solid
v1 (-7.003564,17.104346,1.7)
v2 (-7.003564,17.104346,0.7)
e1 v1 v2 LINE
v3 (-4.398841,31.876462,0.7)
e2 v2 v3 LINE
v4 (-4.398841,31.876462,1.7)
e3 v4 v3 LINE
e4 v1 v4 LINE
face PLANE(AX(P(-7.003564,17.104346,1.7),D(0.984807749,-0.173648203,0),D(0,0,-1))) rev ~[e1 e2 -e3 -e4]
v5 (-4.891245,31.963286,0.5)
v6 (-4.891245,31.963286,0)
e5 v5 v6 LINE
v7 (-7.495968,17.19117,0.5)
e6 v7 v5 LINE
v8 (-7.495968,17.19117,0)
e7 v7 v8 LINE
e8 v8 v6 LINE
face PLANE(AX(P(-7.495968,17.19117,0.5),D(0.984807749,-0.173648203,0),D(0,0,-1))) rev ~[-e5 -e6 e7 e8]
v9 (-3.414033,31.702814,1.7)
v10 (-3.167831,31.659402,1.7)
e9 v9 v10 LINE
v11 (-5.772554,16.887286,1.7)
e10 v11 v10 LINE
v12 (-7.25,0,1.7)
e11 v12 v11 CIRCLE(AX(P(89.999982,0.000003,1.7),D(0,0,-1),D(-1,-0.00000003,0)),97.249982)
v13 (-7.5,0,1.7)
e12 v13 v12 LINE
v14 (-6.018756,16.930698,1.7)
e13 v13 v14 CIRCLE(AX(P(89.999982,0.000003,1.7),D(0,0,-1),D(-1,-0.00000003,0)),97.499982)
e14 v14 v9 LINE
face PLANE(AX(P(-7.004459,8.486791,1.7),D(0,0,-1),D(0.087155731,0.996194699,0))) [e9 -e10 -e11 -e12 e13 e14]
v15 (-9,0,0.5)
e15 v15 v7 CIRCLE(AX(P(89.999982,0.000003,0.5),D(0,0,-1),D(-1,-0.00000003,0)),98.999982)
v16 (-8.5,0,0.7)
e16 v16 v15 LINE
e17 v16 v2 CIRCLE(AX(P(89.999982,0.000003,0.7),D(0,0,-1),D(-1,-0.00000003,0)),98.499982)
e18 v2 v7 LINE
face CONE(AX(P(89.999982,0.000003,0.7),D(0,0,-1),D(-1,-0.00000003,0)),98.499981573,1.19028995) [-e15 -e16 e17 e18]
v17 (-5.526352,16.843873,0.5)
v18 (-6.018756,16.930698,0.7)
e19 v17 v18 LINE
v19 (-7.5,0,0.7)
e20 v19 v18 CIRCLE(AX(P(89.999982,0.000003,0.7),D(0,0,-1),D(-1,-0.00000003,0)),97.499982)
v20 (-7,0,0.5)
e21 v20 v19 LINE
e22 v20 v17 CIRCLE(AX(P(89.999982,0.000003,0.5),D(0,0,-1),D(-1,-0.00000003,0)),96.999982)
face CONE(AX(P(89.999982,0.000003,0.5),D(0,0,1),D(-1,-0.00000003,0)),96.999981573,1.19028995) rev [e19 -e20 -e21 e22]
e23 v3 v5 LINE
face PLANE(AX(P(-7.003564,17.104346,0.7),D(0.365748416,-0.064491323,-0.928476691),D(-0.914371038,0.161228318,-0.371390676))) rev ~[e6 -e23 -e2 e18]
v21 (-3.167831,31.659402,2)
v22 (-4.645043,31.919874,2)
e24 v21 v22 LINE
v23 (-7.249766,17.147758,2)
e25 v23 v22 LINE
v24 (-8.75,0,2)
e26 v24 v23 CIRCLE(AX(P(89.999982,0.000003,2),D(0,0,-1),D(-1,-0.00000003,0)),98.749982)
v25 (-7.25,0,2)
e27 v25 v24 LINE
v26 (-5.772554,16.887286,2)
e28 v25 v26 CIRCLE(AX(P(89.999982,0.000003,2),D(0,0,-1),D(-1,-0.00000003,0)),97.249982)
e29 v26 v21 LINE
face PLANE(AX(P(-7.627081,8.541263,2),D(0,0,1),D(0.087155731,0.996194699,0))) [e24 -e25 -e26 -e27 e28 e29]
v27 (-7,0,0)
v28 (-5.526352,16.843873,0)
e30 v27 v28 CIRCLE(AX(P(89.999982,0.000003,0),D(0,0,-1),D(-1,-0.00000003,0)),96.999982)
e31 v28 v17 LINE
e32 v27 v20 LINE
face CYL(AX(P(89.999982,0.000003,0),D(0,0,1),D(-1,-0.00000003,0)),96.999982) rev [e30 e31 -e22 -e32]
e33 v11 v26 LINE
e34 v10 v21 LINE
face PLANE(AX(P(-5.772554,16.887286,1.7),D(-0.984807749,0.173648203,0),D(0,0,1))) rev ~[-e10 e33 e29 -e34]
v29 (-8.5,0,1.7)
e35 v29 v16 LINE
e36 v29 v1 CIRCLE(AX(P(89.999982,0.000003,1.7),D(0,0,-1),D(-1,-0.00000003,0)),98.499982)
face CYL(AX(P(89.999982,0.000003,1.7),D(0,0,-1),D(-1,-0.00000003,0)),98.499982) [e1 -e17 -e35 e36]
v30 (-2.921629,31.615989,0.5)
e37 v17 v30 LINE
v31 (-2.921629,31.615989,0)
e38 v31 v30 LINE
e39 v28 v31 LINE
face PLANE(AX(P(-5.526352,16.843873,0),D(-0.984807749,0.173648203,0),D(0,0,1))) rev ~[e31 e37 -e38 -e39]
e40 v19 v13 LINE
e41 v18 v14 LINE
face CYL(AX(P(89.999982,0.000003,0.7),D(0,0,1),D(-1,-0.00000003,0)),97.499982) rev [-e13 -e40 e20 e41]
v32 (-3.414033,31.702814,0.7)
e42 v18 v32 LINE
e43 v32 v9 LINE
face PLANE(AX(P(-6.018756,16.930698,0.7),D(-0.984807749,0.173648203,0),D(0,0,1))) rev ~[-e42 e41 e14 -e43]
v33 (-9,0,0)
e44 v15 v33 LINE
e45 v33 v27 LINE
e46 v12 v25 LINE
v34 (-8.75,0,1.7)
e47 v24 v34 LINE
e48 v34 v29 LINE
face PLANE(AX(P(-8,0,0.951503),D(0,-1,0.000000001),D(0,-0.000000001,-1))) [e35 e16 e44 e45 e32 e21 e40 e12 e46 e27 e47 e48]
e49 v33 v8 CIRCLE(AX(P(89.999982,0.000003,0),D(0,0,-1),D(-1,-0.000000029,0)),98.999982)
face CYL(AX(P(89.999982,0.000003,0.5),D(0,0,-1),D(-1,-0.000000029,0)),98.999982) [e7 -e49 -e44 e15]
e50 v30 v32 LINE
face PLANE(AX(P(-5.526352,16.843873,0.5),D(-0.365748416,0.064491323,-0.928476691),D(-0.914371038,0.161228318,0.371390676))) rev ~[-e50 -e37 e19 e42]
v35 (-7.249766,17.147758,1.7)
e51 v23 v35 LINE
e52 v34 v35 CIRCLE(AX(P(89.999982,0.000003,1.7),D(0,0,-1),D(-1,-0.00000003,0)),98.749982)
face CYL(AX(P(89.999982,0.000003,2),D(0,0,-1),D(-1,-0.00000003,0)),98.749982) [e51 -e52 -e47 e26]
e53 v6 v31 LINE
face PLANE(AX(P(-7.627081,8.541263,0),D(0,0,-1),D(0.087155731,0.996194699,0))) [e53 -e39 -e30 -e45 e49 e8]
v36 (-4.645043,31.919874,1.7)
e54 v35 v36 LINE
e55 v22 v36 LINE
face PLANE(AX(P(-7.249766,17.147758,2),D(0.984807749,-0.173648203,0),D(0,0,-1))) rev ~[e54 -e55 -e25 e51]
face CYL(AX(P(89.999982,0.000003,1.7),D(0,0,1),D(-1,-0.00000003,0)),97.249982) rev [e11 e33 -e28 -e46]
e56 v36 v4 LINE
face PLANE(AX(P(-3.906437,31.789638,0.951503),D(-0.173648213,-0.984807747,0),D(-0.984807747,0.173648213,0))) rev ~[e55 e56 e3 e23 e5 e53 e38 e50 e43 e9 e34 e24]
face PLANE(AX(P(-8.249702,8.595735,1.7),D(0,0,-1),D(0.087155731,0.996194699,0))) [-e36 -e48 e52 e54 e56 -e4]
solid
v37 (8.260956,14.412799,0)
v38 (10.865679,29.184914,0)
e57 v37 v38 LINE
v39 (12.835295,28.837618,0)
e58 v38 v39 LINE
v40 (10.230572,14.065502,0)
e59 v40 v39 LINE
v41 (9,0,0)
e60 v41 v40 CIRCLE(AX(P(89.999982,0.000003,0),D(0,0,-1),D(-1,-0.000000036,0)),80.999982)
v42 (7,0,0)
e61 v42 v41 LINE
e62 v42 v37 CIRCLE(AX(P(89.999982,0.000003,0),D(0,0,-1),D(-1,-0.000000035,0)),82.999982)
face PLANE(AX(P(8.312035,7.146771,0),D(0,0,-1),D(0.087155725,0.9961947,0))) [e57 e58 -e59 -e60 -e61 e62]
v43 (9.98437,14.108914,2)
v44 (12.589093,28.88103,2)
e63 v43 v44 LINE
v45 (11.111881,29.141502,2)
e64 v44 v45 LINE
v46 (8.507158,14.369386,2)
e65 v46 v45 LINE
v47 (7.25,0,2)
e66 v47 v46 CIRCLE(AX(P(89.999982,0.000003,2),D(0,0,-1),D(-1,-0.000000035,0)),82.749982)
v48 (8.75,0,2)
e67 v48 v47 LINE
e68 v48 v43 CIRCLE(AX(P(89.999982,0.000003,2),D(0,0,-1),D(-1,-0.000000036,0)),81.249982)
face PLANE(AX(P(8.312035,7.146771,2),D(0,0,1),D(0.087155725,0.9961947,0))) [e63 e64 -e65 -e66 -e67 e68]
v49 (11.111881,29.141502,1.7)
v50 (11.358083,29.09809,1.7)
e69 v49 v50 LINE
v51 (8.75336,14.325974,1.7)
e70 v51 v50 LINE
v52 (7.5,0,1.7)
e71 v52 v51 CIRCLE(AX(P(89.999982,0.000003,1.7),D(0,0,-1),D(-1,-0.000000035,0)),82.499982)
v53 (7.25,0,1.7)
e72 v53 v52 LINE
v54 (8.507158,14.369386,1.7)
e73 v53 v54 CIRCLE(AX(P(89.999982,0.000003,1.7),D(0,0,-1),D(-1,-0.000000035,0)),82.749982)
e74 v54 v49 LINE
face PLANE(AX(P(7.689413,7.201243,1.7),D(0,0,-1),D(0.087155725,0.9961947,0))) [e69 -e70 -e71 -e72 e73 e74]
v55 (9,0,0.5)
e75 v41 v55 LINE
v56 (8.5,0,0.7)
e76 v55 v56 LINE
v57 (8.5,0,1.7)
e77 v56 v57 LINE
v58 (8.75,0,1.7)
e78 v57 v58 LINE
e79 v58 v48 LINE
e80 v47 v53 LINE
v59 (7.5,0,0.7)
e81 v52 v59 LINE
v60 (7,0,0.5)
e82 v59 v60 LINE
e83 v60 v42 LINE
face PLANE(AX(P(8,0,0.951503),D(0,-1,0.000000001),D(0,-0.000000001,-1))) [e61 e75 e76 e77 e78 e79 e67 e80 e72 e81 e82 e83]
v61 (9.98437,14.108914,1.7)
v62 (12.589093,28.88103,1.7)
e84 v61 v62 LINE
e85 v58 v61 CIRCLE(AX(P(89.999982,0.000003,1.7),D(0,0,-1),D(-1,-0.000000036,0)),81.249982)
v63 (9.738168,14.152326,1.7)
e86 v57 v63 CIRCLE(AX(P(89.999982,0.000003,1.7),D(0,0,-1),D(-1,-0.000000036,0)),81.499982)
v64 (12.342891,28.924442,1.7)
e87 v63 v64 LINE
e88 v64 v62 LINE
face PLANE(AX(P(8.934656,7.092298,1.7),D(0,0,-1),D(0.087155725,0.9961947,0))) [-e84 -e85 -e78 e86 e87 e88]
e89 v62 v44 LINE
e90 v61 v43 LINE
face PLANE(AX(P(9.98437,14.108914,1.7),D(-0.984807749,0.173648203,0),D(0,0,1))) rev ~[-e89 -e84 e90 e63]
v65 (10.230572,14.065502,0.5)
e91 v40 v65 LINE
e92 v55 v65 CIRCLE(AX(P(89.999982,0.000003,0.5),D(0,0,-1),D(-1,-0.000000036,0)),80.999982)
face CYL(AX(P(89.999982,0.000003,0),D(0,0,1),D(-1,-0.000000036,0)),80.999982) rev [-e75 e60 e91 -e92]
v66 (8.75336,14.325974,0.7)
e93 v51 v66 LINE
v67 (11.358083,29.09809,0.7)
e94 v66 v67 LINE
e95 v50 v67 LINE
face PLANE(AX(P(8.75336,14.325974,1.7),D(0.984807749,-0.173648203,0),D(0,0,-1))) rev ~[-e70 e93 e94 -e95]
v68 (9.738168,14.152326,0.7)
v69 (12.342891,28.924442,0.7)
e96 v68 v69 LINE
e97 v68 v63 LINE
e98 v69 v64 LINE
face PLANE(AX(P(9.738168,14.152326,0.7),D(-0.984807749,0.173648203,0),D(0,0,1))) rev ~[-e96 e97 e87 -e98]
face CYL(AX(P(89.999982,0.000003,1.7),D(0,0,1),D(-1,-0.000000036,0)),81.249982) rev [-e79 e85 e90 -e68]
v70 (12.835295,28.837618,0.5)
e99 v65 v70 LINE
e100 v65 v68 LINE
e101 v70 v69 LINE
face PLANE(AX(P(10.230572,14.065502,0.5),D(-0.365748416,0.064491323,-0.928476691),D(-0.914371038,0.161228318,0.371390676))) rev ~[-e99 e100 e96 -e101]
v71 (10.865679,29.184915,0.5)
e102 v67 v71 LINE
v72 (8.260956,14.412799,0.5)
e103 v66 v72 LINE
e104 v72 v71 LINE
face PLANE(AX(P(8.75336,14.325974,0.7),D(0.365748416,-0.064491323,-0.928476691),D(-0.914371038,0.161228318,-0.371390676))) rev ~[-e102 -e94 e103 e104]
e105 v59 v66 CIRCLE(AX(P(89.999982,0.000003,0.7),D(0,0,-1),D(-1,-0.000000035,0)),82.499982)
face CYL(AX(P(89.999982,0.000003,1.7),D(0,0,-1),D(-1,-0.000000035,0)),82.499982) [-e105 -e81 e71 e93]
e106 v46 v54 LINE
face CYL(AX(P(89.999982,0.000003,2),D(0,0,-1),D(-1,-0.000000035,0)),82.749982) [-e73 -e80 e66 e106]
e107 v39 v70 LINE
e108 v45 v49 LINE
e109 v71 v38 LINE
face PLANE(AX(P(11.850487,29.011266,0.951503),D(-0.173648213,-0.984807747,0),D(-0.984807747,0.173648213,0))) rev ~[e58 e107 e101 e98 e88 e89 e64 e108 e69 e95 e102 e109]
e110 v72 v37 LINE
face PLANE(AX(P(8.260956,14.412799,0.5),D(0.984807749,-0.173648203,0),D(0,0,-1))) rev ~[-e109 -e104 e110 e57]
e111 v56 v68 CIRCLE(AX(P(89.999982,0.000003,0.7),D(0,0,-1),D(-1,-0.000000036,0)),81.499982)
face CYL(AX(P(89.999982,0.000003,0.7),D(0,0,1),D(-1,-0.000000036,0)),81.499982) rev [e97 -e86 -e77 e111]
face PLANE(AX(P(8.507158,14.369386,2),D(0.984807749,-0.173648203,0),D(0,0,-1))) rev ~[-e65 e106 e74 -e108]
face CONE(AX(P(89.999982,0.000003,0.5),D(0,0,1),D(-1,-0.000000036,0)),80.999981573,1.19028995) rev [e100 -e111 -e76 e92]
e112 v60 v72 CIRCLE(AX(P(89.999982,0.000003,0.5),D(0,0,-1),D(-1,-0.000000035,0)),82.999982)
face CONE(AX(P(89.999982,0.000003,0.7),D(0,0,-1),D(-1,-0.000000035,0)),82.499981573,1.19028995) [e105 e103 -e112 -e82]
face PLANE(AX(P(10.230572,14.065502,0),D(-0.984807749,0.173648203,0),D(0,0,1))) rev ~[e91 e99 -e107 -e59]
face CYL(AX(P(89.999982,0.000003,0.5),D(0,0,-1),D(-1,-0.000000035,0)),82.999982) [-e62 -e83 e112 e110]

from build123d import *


with BuildPart() as f2:
    # F2: sweep along a path in F0
    with BuildLine(Plane.XY) as f2_path:
        ThreePointArc((0, 0), (0.342477, 7.844017), (1.367302, 15.628336))
        Line((1.367302, 15.628336), (3.972025, 30.400452))
    # F1 (on Front) → F2 (sweep)
    with BuildSketch(Plane.XZ):
        Polygon((-9, 0), (-8, 0), (-7, 0), (-7, 0.5), (-7.5, 0.7), (-7.5, 1.7), (-7.25, 1.7), (-7.25, 2), (-8, 2), (-8.75, 2), (-8.75, 1.7), (-8.5, 1.7), (-8.5, 0.7), (-9, 0.5), align=None)
        Polygon((8, 0), (9, 0), (9, 0.5), (8.5, 0.7), (8.5, 1.7), (8.75, 1.7), (8.75, 2), (8, 2), (7.25, 2), (7.25, 1.7), (7.5, 1.7), (7.5, 0.7), (7, 0.5), (7, 0), align=None)
    sweep(path=f2_path.line)


solid = f2.part
